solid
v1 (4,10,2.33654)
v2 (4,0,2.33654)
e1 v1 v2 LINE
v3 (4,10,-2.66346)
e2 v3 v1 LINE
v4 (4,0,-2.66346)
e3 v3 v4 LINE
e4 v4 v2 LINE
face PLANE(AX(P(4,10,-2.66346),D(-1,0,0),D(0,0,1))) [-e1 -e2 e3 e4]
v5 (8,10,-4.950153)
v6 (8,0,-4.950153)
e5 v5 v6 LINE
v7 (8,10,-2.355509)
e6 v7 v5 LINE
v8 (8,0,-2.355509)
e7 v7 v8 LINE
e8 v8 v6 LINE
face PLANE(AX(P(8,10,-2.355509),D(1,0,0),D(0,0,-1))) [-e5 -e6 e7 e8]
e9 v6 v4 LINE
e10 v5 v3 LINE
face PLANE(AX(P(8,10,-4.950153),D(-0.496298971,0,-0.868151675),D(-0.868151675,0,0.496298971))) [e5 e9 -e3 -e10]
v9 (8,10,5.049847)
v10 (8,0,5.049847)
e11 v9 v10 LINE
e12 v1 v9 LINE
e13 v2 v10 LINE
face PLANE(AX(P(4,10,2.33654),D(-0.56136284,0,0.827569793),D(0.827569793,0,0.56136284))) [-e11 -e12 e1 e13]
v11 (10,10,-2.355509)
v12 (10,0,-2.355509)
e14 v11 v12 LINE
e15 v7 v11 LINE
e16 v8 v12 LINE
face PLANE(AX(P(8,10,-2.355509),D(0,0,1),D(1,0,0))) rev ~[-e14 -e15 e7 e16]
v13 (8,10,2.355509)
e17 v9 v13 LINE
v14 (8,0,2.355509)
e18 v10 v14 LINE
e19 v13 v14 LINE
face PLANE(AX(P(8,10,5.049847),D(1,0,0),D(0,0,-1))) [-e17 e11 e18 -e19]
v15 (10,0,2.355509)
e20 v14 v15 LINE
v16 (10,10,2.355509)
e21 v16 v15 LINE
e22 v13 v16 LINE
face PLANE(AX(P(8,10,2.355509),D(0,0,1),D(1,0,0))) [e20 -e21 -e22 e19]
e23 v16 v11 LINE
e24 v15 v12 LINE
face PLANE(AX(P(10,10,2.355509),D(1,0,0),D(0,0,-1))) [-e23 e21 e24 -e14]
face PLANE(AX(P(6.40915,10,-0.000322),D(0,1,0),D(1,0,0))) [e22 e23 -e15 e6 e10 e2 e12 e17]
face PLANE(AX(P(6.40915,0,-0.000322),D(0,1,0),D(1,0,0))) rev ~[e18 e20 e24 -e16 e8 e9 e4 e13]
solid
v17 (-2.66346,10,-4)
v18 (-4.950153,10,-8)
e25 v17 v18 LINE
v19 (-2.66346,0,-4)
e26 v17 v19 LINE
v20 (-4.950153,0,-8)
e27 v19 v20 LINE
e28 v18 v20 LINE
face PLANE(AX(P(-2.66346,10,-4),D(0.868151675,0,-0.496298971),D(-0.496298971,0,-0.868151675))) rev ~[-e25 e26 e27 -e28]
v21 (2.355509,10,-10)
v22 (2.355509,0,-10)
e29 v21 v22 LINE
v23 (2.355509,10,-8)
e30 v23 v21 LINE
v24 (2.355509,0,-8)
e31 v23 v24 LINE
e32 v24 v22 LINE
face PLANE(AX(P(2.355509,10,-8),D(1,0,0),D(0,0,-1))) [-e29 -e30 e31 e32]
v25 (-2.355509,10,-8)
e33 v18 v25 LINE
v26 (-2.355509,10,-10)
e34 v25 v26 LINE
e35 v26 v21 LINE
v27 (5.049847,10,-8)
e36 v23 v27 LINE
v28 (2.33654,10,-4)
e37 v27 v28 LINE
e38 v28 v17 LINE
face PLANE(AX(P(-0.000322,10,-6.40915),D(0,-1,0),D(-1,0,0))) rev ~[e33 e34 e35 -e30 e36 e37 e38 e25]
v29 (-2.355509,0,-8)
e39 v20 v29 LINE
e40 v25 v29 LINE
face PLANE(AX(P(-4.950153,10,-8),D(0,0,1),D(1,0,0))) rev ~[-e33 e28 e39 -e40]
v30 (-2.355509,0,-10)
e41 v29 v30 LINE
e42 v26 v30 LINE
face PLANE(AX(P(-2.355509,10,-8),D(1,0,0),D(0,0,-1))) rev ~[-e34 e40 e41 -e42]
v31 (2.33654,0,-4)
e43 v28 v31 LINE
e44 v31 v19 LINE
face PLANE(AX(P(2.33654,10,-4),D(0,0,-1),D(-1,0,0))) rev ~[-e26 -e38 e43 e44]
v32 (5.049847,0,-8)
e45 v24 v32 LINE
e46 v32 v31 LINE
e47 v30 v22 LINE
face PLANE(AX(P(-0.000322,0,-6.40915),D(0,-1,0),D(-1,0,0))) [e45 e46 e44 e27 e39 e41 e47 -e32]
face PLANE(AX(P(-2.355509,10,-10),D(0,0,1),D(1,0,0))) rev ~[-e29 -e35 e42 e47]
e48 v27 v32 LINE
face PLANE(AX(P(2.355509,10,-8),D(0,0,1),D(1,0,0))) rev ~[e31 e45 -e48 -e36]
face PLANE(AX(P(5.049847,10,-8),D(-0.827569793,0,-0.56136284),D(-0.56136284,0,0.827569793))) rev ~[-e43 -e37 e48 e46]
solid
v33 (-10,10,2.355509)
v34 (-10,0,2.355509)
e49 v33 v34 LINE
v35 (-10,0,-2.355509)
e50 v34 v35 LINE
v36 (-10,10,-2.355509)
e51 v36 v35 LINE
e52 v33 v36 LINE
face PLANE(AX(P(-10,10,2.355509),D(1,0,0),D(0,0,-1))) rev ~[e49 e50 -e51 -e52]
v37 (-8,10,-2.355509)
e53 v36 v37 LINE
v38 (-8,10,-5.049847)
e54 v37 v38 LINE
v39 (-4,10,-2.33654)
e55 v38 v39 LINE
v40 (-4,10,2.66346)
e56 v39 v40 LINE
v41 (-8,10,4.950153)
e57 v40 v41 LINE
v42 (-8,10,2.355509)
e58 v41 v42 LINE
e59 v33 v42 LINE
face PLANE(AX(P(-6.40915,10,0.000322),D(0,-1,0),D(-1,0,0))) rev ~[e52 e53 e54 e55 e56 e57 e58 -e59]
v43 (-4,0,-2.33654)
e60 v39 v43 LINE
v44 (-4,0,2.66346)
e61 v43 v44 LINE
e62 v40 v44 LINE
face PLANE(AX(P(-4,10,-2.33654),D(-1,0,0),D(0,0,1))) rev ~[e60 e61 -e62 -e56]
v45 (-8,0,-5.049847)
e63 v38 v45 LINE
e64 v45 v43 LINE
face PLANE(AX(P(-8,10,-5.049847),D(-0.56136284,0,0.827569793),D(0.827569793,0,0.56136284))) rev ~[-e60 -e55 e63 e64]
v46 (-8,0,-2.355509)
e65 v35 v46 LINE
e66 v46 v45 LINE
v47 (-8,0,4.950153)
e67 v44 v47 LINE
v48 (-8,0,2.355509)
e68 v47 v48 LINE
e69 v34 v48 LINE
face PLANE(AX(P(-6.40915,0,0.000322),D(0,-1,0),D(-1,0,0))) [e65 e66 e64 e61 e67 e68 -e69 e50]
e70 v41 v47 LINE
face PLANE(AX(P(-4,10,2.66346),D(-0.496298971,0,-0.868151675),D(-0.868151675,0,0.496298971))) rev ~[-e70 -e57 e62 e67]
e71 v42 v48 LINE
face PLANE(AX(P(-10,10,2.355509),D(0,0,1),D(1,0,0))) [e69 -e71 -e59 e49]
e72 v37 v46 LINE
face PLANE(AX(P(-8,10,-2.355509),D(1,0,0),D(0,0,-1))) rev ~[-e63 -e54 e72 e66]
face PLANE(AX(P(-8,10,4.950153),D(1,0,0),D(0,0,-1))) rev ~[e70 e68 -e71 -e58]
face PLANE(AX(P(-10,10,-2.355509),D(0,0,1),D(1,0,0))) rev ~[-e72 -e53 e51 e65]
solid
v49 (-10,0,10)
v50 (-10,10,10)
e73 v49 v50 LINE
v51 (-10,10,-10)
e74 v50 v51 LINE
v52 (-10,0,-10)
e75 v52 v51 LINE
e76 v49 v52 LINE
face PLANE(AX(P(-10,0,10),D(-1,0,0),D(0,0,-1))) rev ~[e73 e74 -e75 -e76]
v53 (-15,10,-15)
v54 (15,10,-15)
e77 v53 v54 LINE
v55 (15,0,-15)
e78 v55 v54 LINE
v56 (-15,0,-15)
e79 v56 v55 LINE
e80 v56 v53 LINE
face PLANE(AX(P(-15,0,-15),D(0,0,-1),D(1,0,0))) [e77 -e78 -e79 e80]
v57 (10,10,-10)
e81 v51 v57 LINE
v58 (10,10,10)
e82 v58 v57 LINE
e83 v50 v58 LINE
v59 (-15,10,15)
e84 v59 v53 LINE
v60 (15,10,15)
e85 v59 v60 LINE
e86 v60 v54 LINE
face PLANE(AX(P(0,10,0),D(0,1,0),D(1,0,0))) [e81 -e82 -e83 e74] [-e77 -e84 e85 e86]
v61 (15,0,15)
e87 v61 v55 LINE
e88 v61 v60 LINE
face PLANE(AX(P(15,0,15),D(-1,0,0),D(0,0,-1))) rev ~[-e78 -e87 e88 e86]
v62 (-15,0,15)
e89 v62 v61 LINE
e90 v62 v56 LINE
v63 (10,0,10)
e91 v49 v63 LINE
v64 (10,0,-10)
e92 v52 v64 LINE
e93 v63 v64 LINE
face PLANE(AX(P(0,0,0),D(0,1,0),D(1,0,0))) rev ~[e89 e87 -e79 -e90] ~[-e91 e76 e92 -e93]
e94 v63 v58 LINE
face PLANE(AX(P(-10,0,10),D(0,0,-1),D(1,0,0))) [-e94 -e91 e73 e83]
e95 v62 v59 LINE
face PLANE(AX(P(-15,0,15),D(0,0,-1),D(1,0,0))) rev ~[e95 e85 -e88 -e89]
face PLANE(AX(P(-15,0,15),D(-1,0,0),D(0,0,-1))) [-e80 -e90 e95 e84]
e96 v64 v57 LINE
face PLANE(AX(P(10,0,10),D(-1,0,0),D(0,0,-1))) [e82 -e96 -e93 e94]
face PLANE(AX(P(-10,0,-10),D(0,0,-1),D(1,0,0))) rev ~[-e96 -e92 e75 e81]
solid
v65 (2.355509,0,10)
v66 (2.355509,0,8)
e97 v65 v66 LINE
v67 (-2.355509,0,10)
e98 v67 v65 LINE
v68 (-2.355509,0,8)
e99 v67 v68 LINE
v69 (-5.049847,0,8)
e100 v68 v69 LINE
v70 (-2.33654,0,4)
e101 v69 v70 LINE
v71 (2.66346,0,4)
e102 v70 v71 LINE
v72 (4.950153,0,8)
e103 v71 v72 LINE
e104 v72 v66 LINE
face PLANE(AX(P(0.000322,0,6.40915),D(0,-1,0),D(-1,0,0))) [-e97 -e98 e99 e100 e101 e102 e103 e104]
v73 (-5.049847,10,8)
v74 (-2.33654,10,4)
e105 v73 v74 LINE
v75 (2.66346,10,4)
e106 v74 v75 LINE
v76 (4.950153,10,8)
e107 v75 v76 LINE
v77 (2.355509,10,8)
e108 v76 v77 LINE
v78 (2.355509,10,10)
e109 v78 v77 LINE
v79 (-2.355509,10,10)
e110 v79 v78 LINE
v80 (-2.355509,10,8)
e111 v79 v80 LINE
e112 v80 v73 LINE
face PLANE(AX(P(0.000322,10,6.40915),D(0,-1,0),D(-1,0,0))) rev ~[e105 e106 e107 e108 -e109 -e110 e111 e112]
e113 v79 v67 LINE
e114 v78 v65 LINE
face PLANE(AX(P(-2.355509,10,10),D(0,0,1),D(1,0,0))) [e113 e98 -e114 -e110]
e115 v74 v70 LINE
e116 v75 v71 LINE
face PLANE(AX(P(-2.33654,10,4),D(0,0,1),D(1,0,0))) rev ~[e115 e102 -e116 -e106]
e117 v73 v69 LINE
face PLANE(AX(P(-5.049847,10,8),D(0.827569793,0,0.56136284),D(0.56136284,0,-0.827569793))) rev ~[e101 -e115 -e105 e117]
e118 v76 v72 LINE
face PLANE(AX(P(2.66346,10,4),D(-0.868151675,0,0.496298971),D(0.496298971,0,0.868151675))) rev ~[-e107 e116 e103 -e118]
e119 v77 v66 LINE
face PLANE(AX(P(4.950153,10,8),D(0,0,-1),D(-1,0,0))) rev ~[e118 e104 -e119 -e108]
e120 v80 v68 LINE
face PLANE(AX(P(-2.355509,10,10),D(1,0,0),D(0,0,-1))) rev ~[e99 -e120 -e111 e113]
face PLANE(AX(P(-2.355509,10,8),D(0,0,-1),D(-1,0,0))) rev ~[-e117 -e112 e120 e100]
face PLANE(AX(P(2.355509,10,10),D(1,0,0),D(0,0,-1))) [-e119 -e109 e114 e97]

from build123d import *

# Parameters (mm, degrees)
SKETCH1_W           = 30
SKETCH1_H           = 30
SKETCH1_W_2         = 20
SKETCH1_H_2         = 20
BOSS_EXTRUDE1_DEPTH = 10
SKETCH2_W           = 4.711017494
SKETCH2_H           = 2
SKETCH2_W_2         = 2
SKETCH2_H_2         = 4.711017494
BOSS_EXTRUDE2_DEPTH = 10


with BuildPart() as part:
    # Sketch1 → Boss-Extrude1 (new body)
    with BuildSketch(Plane(origin=(0, 0, 0), x_dir=(1, 0, 0), z_dir=(0, 1, 0))):
        Rectangle(SKETCH1_W, SKETCH1_H)
        Rectangle(SKETCH1_W_2, SKETCH1_H_2, mode=Mode.SUBTRACT)
    extrude(amount=BOSS_EXTRUDE1_DEPTH)


with BuildPart() as body_2:
    # Sketch2 → Boss-Extrude2 (new body)
    with BuildSketch(Plane(origin=(0, 10, 0), x_dir=(1, 0, 0), z_dir=(0, 1, 0))):
        Polygon((2.336539675, 4), (-2.663460325, 4), (-4.950152781, 8), (5.049847219, 8), align=None)
        with Locations((0, 9)):
            Rectangle(SKETCH2_W, SKETCH2_H)
        Polygon((-4, 2.336539675), (-4, -2.663460325), (-8, -4.950152781), (-8, 5.049847219), align=None)
        Polygon((-2.336539675, -4), (2.663460325, -4), (4.950152781, -8), (-5.049847219, -8), align=None)
        with Locations((0, -9)):
            Rectangle(SKETCH2_W, SKETCH2_H)
        Polygon((4, 2.663460325), (4, -2.336539675), (8, -5.049847219), (8, -2.355508747), (8, 2.355508747), (8, 4.950152781), align=None)
        with Locations((9, 0)):
            Rectangle(SKETCH2_W_2, SKETCH2_H_2)
        with Locations((-9, 0)):
            Rectangle(SKETCH2_W_2, SKETCH2_H_2)
    extrude(amount=-BOSS_EXTRUDE2_DEPTH)


solid = Compound([part.part, body_2.part])
